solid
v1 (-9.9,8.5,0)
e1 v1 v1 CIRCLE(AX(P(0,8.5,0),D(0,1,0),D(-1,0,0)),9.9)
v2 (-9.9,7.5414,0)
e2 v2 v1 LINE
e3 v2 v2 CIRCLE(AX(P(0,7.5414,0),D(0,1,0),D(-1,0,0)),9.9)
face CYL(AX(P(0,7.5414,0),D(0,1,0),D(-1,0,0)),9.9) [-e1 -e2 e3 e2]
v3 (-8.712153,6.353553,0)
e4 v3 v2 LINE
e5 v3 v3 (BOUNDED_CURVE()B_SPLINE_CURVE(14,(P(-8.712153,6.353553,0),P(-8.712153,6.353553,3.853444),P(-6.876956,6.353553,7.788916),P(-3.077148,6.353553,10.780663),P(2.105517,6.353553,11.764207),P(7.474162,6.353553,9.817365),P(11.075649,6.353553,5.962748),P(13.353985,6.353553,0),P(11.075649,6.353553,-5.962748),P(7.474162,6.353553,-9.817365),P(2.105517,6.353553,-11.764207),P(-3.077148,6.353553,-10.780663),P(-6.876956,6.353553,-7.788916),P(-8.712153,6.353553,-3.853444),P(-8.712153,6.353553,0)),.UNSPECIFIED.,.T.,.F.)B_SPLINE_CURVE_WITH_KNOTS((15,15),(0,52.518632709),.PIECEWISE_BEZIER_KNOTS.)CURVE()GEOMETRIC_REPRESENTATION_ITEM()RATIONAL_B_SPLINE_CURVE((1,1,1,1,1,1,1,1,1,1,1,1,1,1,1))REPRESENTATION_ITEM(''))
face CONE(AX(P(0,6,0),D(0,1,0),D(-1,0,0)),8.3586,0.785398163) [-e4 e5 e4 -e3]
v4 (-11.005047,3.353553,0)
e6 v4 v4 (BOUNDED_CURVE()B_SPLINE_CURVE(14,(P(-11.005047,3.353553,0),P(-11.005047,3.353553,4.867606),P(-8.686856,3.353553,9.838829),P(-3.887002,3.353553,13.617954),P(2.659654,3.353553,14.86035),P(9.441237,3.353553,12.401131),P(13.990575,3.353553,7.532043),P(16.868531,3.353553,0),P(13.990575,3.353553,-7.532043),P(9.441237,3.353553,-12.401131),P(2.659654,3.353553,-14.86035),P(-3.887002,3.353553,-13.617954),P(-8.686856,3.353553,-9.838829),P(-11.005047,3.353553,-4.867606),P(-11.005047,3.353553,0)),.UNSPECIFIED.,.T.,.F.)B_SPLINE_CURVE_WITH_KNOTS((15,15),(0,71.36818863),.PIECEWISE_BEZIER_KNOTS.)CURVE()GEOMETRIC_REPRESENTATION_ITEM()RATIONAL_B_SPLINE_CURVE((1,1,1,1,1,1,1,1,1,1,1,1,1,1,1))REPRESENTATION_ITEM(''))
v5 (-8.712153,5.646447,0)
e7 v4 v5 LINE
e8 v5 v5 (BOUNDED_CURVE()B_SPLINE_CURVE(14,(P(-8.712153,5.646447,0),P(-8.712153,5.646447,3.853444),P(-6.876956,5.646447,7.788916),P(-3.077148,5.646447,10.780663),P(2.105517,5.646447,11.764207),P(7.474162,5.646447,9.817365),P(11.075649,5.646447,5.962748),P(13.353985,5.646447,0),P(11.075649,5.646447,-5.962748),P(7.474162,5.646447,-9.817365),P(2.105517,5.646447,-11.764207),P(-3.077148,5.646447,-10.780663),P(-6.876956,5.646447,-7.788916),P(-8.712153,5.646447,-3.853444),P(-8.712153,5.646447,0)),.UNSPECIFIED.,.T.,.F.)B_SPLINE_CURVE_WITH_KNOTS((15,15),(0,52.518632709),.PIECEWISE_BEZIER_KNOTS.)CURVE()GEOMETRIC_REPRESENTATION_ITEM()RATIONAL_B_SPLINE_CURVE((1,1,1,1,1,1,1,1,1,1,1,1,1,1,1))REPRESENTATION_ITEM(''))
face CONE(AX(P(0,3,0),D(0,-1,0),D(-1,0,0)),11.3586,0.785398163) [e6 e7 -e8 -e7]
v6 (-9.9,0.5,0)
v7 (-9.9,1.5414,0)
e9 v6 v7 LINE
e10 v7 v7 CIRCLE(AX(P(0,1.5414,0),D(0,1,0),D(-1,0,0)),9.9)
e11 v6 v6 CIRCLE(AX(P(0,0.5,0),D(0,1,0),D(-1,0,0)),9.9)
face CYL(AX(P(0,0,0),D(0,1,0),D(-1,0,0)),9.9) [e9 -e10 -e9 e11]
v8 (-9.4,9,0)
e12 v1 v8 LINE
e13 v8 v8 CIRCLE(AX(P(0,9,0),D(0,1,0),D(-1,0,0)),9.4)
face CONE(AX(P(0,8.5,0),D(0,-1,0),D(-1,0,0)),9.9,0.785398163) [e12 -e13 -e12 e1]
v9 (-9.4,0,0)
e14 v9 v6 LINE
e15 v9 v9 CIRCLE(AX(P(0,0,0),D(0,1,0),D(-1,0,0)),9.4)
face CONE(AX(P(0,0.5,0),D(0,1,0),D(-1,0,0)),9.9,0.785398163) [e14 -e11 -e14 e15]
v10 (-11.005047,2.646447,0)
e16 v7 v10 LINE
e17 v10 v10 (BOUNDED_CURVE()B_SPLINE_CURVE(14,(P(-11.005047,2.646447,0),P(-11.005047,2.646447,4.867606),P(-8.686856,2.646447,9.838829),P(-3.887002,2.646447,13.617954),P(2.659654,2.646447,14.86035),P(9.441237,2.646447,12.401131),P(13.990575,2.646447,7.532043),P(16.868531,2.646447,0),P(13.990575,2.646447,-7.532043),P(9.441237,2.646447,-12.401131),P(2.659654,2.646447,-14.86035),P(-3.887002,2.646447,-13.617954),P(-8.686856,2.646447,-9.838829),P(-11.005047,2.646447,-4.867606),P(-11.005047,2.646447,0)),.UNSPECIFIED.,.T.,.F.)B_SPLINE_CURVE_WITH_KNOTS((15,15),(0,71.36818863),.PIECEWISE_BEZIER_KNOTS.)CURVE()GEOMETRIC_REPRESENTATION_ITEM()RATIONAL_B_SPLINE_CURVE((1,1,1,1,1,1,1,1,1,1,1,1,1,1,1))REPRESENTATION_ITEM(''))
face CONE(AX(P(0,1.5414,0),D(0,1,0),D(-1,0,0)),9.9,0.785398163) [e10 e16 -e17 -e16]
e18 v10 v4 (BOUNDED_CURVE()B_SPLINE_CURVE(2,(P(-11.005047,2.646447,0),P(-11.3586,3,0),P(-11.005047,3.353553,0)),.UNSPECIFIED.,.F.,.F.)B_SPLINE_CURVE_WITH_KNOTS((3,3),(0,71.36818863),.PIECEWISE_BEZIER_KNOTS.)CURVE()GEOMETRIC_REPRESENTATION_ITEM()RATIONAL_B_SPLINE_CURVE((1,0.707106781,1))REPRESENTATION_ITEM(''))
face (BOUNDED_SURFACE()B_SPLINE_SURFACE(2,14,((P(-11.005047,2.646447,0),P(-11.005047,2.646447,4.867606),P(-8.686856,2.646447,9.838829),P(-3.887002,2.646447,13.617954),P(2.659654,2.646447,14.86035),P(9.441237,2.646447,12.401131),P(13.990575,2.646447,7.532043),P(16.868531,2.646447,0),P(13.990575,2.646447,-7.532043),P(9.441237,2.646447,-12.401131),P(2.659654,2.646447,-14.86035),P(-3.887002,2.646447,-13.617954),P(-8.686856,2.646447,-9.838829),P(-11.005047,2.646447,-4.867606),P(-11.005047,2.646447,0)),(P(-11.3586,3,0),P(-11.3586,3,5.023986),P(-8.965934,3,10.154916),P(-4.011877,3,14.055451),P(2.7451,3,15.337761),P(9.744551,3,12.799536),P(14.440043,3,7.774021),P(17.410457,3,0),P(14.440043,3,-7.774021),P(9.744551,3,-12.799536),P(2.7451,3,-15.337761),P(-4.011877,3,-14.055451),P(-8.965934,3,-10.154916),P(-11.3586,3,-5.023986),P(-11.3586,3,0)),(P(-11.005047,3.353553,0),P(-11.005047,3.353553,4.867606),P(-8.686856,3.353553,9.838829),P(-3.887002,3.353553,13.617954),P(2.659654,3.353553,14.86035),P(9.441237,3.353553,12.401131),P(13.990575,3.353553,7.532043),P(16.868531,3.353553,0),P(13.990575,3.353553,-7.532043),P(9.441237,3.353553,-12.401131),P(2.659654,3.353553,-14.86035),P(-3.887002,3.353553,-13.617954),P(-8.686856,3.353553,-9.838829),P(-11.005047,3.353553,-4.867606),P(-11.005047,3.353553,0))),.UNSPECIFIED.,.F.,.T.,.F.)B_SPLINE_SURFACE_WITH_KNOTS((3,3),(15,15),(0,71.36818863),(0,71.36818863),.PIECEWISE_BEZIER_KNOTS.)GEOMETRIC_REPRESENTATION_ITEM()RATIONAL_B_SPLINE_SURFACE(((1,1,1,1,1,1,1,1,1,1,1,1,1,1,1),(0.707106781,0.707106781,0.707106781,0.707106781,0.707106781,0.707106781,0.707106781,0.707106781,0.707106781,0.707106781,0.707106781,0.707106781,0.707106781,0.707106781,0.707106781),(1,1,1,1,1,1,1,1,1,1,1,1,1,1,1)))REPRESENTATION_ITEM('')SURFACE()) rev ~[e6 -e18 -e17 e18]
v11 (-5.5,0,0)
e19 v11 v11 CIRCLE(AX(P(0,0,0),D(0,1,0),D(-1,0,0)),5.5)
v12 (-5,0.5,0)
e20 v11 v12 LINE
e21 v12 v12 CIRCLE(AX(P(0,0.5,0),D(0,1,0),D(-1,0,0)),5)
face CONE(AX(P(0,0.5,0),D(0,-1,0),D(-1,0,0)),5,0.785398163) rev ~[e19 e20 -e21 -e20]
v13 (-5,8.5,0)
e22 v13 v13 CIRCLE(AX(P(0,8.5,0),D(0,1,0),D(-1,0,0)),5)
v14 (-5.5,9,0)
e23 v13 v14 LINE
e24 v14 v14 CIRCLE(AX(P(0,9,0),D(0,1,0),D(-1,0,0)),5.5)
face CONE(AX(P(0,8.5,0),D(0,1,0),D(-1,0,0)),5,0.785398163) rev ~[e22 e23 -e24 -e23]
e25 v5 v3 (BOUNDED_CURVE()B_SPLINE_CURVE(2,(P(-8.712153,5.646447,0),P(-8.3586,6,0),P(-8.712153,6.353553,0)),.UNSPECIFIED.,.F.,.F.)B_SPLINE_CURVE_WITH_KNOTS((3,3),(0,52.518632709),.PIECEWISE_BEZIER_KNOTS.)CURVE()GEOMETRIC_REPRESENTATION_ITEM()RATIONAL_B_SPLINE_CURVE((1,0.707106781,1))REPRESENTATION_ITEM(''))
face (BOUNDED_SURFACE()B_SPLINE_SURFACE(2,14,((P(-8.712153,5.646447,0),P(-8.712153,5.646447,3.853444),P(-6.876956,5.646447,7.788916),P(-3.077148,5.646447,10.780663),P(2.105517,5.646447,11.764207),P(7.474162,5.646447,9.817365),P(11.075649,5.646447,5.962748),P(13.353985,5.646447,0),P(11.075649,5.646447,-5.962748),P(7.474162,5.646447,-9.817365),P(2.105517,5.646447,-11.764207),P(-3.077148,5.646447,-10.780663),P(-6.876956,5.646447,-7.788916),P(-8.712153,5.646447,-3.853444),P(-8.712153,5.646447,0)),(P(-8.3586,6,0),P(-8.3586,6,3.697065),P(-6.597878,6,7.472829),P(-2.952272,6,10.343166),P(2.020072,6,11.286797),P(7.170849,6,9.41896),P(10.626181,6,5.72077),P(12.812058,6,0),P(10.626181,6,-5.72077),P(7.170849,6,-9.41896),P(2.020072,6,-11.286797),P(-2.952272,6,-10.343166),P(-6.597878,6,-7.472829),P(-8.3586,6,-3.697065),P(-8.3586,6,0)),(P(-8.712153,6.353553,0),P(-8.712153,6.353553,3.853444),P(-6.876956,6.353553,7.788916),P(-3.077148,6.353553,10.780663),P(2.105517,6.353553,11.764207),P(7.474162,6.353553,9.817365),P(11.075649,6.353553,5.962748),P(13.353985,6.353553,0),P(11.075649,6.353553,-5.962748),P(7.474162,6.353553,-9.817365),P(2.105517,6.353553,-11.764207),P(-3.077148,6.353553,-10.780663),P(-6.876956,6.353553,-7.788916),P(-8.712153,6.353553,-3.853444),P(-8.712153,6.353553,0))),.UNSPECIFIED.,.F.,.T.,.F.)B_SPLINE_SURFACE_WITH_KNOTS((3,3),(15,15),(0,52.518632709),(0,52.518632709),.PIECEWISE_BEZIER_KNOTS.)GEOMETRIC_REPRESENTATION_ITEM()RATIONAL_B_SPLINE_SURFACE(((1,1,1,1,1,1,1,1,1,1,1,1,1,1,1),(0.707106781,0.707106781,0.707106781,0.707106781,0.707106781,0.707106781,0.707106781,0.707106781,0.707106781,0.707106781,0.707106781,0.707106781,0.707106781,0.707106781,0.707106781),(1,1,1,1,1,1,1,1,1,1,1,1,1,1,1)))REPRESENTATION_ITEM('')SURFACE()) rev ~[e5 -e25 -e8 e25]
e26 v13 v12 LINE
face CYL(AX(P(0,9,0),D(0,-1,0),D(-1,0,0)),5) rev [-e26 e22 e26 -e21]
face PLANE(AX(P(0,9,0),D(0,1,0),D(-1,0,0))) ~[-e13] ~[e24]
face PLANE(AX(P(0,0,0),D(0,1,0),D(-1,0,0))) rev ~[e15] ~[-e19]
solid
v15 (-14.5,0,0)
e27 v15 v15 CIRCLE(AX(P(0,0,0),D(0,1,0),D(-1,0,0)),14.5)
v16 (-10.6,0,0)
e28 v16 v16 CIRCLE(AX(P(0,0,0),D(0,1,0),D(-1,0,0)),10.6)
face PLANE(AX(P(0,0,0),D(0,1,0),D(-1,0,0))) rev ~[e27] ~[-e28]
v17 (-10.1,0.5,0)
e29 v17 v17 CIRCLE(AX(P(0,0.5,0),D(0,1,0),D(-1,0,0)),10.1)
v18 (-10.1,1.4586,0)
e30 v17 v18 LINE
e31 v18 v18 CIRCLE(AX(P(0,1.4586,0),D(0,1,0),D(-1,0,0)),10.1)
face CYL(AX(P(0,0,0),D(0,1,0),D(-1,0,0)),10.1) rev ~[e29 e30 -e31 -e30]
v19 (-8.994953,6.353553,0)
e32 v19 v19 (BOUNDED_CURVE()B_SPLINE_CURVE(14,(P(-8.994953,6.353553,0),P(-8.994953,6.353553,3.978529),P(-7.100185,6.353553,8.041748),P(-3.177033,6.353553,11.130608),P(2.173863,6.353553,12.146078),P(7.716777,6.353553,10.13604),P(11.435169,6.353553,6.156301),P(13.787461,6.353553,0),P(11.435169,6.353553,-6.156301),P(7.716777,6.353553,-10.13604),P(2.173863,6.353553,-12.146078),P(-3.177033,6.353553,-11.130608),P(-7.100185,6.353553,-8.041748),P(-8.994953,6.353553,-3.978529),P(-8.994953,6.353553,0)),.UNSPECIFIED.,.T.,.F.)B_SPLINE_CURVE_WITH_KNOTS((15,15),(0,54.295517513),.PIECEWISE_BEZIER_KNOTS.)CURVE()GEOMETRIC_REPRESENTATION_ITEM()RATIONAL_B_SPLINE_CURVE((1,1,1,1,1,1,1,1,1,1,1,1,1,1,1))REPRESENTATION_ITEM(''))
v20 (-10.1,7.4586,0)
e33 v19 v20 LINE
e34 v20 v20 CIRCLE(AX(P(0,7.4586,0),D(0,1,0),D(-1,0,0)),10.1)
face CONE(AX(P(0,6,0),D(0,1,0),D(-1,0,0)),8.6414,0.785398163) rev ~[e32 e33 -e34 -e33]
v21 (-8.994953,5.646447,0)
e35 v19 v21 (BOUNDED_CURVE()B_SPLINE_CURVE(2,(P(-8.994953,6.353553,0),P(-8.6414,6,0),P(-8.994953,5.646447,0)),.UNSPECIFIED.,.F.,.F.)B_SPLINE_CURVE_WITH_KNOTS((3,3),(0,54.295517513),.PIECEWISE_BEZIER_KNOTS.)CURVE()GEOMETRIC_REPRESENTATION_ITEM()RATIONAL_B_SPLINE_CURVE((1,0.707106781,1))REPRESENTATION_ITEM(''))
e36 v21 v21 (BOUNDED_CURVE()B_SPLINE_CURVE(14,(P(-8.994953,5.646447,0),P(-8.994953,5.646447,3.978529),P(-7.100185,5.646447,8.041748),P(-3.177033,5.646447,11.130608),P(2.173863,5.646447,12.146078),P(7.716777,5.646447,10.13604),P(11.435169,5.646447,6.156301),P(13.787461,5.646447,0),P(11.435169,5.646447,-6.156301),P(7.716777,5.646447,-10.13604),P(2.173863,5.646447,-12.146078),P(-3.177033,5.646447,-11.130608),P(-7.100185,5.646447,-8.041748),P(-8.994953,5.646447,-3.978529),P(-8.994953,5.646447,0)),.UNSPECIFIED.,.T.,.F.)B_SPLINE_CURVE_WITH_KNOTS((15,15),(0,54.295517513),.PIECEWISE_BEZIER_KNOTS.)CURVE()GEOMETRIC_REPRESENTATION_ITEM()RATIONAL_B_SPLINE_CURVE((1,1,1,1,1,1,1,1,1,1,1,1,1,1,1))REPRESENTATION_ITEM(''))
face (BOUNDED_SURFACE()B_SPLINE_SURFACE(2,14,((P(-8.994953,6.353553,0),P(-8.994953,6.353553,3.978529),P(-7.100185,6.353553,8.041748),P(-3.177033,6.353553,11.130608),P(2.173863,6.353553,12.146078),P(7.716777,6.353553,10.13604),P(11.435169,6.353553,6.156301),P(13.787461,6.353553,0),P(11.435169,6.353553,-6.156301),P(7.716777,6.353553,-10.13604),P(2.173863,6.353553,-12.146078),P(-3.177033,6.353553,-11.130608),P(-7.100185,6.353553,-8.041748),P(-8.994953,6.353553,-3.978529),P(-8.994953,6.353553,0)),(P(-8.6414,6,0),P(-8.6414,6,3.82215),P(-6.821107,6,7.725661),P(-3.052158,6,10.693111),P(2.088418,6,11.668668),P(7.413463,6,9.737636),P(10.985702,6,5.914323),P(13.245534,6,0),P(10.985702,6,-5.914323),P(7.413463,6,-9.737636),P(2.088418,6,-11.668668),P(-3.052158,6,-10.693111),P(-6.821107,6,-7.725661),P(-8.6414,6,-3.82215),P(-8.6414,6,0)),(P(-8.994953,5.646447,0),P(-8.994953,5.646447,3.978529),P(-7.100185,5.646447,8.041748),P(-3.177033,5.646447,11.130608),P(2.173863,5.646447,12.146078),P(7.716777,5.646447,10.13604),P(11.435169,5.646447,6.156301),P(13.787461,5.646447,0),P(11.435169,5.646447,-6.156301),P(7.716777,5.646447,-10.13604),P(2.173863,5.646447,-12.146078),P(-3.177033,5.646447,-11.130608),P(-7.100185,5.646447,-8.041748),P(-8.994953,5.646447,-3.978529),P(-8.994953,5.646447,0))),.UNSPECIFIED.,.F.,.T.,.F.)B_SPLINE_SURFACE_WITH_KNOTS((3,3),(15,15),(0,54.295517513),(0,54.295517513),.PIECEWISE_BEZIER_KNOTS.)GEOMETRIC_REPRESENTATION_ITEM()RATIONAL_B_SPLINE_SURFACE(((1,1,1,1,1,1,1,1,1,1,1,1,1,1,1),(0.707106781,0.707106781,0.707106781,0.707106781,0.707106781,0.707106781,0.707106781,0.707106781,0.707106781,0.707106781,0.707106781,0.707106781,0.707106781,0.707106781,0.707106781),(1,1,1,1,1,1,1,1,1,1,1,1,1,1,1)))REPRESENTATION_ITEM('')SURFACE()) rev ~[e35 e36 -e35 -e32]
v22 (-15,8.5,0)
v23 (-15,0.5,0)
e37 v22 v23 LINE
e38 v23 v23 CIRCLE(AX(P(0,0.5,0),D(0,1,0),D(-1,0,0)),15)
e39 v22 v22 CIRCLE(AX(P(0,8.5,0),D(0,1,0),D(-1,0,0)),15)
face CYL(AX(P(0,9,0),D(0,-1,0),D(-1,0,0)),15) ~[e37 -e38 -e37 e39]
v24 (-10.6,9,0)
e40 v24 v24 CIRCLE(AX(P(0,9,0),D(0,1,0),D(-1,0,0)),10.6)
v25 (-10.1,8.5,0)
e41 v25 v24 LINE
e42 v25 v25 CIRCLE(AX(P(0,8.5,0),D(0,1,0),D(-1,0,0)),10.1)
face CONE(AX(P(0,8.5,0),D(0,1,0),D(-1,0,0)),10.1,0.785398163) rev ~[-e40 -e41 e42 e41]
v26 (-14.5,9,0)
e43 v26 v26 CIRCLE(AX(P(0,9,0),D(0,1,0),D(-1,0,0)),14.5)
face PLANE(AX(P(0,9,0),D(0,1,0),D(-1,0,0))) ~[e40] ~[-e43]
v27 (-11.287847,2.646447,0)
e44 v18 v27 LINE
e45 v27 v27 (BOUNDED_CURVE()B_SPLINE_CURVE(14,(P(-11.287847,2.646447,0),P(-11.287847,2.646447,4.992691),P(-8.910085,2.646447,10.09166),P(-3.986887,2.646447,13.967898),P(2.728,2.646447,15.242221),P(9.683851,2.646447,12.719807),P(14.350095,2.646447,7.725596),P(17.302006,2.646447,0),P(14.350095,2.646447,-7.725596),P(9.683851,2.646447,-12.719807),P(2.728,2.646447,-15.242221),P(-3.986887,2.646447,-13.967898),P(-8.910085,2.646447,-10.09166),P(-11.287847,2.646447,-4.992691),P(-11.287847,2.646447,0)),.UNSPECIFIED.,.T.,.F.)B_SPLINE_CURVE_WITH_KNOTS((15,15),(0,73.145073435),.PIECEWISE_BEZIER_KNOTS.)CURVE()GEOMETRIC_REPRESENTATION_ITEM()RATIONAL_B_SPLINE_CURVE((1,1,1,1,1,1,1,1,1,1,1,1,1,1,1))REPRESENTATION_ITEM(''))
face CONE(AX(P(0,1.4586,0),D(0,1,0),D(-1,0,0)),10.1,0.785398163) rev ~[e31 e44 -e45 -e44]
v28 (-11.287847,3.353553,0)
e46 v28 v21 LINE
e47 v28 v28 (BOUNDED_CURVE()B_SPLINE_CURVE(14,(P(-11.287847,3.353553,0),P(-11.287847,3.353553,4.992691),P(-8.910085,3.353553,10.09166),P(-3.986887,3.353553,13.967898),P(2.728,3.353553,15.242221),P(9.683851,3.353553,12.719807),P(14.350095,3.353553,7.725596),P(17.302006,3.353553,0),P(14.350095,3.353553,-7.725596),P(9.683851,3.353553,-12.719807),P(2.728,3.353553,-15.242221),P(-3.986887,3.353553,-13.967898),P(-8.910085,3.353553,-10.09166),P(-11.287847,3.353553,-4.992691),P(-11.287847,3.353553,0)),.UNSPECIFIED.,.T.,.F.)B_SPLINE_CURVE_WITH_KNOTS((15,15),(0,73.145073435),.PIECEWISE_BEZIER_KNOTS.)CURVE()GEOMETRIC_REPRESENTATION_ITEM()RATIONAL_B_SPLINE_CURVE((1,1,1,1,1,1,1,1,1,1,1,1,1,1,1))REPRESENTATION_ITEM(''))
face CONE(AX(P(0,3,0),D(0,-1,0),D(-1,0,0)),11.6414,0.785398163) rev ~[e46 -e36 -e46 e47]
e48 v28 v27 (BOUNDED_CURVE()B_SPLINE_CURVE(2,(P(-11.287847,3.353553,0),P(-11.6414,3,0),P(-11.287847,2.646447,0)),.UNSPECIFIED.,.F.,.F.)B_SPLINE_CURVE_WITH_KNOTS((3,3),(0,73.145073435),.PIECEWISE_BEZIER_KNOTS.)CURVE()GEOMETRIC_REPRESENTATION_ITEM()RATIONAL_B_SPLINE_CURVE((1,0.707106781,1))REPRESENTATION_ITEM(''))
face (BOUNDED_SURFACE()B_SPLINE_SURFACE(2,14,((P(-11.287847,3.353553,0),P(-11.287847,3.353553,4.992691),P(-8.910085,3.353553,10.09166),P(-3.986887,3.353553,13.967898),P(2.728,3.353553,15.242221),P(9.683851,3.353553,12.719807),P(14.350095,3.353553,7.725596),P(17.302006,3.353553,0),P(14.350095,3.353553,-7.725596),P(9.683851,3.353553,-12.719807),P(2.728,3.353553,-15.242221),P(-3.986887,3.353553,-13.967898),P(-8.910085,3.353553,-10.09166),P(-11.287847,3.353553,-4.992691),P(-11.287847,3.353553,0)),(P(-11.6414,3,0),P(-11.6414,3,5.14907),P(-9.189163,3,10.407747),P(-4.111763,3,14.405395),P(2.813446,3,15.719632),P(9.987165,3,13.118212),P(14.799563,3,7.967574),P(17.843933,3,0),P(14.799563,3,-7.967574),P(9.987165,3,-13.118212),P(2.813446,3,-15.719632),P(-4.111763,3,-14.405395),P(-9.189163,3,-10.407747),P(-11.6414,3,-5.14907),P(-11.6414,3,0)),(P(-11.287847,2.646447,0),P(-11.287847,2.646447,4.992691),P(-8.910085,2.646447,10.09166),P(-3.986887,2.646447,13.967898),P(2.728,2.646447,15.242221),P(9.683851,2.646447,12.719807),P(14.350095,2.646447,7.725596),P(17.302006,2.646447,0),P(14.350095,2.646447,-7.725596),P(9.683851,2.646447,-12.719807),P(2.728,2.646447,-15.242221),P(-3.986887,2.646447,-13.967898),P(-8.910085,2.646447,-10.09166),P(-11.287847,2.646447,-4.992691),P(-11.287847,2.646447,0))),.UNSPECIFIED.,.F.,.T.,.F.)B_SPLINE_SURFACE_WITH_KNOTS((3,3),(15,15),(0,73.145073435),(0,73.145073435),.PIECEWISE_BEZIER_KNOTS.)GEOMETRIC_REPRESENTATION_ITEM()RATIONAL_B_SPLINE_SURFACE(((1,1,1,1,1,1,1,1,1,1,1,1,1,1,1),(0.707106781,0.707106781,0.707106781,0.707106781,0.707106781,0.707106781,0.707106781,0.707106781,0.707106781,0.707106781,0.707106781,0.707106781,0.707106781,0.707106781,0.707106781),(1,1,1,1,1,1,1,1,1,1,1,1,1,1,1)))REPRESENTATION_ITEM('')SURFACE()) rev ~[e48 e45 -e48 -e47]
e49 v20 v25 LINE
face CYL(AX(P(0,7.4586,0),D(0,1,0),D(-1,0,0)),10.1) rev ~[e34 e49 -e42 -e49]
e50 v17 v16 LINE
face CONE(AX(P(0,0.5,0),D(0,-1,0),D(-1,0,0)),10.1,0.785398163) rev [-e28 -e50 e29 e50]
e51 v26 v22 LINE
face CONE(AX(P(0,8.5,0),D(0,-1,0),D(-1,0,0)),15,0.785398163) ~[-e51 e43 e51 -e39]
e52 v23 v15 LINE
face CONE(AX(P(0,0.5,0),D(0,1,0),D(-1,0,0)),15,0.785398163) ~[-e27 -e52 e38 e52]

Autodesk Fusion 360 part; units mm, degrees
sketch "profile" plane through (0, 0, 0) normal (0, 0, 1) x (1, 0, 0) in component "LR2051-821"
  line L0 (0, 0) -> (0, 9) construction
  line L1 (-5, 9) -> (-15, 9)
  line L2 (-15, 9) -> (-15, 0)
  line L3 (-15, 0) -> (-5, 0)
  line L4 (-5, 9) -> (-5, 0)
  line L5 (0, 9) -> (-5, 9) construction
  line L6 (-5, 0) -> (0, 0) construction
  line L7 (-10, 0) -> (-10, 1.5) construction
  line L8 (-10, 1.5) -> (-11.5, 3) construction
  line L9 (-11.5, 3) -> (-8.5, 6) construction
  line L10 (-8.5, 6) -> (-10, 7.5) construction
  line L11 (-10, 7.5) -> (-10, 9) construction
  line L12 (-5, 4.5) -> (-15, 4.5) construction
  line L13 (-10, 7.5) -> (-10, 1.5) construction
  line L14 (-9.9, 0) -> (-9.9, 1.5414)
  line L15 (-9.9, 1.5414) -> (-11.3586, 3)
  line L16 (-11.3586, 3) -> (-8.3586, 6)
  line L17 (-8.3586, 6) -> (-9.9, 7.5414)
  line L18 (-9.9, 7.5414) -> (-9.9, 9)
  line L19 (-10.1, 0) -> (-10.1, 1.4586)
  line L20 (-10.1, 1.4586) -> (-11.6414, 3)
  line L21 (-11.6414, 3) -> (-8.6414, 6)
  line L22 (-8.6414, 6) -> (-10.1, 7.4586)
  line L23 (-10.1, 7.4586) -> (-10.1, 9)
  point P0 (-10, 4.5)
  dimension "d4" = 15
  dimension "d5" = 5
  dimension "d6" = 45
  dimension "d7" = 1.5
  dimension "d8" = 1.5
  dimension "d9" = 9
  dimension "d10" = 0.1
  dimension "d11" = -0.1
revolve "Revolve1" add sketch "profile" angle 360 about axis through (0, 0, 0) along (0, 1, 0) contours L1 L3 L4 L14 L15 L16 L17 L18 makes body 1 in component "Inner Shell"
revolve "Revolve1'" add sketch "profile" angle 360 about axis through (0, 0, 0) along (0, 1, 0) separate body contours L1 L2 L3 L19 L20 L21 L22 L23 makes body 2 in component "Outer Shell"
chamfer "Chamfer1" distance 0.5 angle 45 2 edges at (-9.23, 9, 3.58) (-9.23, 0, 3.58) on bodies 1 in component "Inner Shell"
chamfer "Chamfer2" distance 0.5 angle 45 2 edges at (-4.6616, 9, 1.8081) (-4.6616, 0, 1.8081) on bodies 1 in component "Inner Shell"
chamfer "Chamfer1'" distance 0.5 angle 45 2 edges at (-9.4165, 9, 3.6523) (-9.4165, 0, 3.6523) on bodies 2 in component "Outer Shell"
chamfer "Chamfer2'" distance 0.5 angle 45 2 edges at (-13.9849, 9, 5.4242) (-13.9849, 0, 5.4242) on bodies 2 in component "Outer Shell"
fillet "Fillet1" radius 0.5 2 edges at (-7.7929, 6, 3.0226) (-10.5899, 3, 4.1074) on bodies 1 in component "Inner Shell"
fillet "Fillet1'" radius 0.5 2 edges at (-8.0566, 6, 3.1249) (-10.8536, 3, 4.2097) on bodies 2 in component "Outer Shell"
component "LR2051-821" placed x (1, 0, 0) y (0, 1, 0) z (0, 0, 1) at (0, 0, 0)
component "Inner Shell" placed x (1, 0, 0) y (0, 1, 0) z (0, 0, 1) at (0, 0, 0) in component "LR2051-821"
component "Outer Shell" placed x (1, 0, 0) y (0, 1, 0) z (0, 0, 1) at (0, 0, 0) in component "LR2051-821"
equation "inner_dia = 10 mm"
equation "outer_dia = 30 mm"
equation "width = 9 mm"
equation "d4 = outer_dia / 2"
equation "d5 = inner_dia / 2"
equation "d8 = d7"
equation "d9 = width"
equation "d10 = gap / 2"
equation "d11 = -gap / 2"
equation "gap = 0.2 mm"
equation "outer_chamfer = 0.5 mm"
equation "inner_chamfer = 0.5 mm"
equation "d17 = inner_chamfer"
equation "d18 = outer_chamfer"
equation "d19 = inner_chamfer"
equation "d20 = outer_chamfer"
